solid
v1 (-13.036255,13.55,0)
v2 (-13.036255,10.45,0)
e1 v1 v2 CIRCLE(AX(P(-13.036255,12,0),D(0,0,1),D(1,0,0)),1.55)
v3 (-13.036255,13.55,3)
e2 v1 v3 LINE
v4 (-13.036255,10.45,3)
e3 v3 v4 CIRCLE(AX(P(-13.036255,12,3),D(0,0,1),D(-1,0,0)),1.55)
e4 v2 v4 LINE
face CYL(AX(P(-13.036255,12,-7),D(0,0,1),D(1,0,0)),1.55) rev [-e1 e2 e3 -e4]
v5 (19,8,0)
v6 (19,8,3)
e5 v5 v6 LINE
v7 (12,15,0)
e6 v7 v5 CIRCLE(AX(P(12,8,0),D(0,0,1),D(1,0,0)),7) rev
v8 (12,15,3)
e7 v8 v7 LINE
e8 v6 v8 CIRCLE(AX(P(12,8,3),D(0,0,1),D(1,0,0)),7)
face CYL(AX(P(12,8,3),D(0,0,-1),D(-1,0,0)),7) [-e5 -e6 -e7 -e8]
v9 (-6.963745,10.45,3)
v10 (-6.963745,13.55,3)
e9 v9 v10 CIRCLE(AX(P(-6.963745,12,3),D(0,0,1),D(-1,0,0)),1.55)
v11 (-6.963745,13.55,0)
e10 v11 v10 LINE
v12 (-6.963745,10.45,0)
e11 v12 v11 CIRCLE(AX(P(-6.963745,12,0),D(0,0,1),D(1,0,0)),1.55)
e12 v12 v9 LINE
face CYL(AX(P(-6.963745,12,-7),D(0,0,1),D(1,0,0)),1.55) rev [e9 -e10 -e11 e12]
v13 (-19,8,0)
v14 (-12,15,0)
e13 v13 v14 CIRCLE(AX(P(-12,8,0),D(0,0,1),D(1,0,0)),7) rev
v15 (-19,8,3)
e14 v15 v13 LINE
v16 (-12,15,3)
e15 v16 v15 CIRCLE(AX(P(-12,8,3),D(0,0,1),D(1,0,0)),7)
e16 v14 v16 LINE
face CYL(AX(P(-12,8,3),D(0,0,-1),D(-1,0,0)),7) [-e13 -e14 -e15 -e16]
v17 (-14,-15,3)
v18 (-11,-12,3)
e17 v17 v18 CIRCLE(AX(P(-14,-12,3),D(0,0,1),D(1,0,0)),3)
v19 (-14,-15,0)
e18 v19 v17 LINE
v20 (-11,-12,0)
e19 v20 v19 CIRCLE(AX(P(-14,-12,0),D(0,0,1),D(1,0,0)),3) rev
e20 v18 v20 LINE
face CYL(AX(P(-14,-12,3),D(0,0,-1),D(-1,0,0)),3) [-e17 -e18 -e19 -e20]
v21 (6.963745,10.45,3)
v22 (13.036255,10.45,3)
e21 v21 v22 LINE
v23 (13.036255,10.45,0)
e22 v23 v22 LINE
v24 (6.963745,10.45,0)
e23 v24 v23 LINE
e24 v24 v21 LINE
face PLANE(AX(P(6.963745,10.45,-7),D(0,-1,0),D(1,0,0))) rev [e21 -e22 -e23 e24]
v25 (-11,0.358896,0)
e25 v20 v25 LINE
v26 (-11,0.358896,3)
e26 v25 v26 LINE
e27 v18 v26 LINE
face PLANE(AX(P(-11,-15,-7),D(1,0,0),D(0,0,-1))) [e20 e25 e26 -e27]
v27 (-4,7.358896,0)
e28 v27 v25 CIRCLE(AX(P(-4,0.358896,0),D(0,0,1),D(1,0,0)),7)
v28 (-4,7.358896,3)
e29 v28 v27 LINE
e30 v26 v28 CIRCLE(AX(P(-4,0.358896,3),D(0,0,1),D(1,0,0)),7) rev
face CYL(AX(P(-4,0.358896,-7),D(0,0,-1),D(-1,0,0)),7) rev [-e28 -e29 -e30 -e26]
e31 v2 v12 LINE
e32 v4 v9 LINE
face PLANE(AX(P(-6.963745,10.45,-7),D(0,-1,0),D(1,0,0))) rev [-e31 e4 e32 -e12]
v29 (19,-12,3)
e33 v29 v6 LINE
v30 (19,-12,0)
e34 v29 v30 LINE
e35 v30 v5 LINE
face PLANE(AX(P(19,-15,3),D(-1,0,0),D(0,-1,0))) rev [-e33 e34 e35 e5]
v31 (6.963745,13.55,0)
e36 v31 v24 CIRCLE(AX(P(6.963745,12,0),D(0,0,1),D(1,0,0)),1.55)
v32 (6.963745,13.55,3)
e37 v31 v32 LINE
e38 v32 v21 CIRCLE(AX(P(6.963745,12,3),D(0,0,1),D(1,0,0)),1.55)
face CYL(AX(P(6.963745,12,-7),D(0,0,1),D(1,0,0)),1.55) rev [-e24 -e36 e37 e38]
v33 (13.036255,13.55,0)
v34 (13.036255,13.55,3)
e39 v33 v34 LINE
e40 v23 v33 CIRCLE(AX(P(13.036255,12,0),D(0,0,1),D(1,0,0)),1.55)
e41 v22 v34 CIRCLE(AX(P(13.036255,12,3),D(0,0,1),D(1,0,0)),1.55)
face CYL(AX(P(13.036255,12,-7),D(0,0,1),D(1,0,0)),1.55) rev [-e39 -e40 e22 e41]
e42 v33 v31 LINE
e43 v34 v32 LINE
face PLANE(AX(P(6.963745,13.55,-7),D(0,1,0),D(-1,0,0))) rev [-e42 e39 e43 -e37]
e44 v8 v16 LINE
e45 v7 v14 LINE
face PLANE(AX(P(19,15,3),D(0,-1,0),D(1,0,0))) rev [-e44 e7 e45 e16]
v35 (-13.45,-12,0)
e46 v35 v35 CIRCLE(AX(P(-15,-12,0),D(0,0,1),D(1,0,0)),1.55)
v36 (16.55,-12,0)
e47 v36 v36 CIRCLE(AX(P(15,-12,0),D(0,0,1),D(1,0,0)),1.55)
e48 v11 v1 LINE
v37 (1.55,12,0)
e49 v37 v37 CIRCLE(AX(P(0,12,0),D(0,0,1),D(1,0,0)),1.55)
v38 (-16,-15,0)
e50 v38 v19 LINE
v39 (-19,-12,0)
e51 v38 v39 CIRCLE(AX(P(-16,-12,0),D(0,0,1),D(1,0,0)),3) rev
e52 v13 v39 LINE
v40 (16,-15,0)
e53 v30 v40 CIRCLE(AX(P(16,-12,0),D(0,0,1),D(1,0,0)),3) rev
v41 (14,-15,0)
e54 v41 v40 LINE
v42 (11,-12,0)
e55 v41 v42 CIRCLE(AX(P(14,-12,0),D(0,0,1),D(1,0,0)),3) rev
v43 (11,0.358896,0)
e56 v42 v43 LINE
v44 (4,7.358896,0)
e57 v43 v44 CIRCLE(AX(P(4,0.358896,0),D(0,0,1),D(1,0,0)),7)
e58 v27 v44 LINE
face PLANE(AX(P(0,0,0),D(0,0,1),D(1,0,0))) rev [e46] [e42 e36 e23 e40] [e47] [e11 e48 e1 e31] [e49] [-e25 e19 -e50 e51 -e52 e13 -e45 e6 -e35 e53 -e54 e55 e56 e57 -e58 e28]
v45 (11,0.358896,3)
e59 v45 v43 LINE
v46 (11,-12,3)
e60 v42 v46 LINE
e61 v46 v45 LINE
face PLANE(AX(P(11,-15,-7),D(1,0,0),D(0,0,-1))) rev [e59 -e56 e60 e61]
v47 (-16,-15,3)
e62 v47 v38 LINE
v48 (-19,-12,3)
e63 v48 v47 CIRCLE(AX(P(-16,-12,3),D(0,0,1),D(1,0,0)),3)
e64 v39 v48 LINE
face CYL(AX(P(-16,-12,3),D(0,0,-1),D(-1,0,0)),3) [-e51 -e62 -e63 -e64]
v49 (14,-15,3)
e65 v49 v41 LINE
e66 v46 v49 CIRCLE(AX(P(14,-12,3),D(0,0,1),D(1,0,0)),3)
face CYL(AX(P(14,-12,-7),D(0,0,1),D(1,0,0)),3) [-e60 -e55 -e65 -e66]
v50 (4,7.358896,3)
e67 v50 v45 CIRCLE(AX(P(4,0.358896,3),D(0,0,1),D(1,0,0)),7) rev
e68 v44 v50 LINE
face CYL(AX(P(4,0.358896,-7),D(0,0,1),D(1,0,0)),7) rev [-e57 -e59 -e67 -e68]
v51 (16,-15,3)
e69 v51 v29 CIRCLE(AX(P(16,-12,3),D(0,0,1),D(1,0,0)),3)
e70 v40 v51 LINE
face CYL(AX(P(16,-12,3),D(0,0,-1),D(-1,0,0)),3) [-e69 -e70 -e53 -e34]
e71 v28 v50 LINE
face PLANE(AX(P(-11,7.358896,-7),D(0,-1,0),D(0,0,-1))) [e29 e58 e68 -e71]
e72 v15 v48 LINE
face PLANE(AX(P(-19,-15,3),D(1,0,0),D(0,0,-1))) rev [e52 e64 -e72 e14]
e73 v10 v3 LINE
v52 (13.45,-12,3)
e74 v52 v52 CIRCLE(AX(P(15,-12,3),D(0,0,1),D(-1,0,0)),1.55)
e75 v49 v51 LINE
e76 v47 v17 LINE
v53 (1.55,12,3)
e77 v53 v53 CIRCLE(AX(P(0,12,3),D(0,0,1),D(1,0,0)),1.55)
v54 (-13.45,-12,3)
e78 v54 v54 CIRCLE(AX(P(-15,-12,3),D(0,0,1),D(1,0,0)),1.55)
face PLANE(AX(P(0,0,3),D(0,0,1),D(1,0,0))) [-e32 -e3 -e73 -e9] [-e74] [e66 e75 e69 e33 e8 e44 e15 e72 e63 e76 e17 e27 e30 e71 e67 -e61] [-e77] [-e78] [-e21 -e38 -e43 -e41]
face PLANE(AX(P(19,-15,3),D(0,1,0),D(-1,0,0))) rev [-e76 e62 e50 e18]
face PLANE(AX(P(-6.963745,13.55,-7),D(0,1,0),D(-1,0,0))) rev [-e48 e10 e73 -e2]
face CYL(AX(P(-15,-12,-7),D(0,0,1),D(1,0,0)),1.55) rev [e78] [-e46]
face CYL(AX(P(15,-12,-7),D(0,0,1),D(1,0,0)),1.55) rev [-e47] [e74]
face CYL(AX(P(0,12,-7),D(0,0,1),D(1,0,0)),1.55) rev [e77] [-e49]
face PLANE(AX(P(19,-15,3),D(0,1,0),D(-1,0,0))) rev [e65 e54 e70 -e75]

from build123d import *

# Parameters (mm, degrees)
SKETCH_1_W          = 38
SKETCH_1_H          = 30
EXTRUDE_1_DEPTH     = 3
SKETCH_2_R          = 1.55
CUT_EXTRUDE_1_DEPTH = 10
SKETCH_3_W          = 22
SKETCH_3_H          = 22.358896132
CUT_EXTRUDE_2_DEPTH = 10
FILLET_1_R          = 7
FILLET_2_R          = 7
FILLET_3_R          = 3


with BuildPart() as part:
    # 草图1 → 凸台-拉伸1 (new body)
    with BuildSketch(Plane.XY):
        Rectangle(SKETCH_1_W, SKETCH_1_H)
    extrude(amount=EXTRUDE_1_DEPTH)

    # 草图2 → 切除-拉伸1 (cut)
    with BuildSketch(Plane.XY.offset(3)):
        with Locations((0, 12)):
            Circle(SKETCH_2_R)
        with Locations((-15, -12)):
            Circle(SKETCH_2_R)
        with Locations((15, -12)):
            Circle(SKETCH_2_R)
        with BuildLine():
            Line((6.963744532, 13.55), (13.036255468, 13.55))
            ThreePointArc((13.036255468, 13.55), (14.586255468, 12), (13.036255468, 10.45))
            Line((13.036255468, 10.45), (6.963744532, 10.45))
            ThreePointArc((6.963744532, 10.45), (5.413744532, 12), (6.963744532, 13.55))
        make_face()
        with BuildLine():
            Line((-6.963744532, 13.55), (-13.036255468, 13.55))
            ThreePointArc((-13.036255468, 13.55), (-14.586255468, 12), (-13.036255468, 10.45))
            Line((-13.036255468, 10.45), (-6.963744532, 10.45))
            ThreePointArc((-6.963744532, 10.45), (-5.413744532, 12), (-6.963744532, 13.55))
        make_face()
    extrude(amount=-CUT_EXTRUDE_1_DEPTH, mode=Mode.SUBTRACT)

    # 草图3 → 切除-拉伸2 (cut)
    with BuildSketch(Plane.XY.offset(3)):
        with Locations((0, -3.820551934)):
            Rectangle(SKETCH_3_W, SKETCH_3_H)
    extrude(amount=-CUT_EXTRUDE_2_DEPTH, mode=Mode.SUBTRACT)

    # 圆角1
    fillet_1_edges = [part.edges().sort_by_distance(p)[0] for p in [
        (-19, 15, 1.5),
        (19, 15, 1.5),
    ]]
    fillet(fillet_1_edges, radius=FILLET_1_R)

    # 圆角2
    fillet_2_edges = [part.edges().sort_by_distance(p)[0] for p in [
        (11, 7.358896132, 1.5),
        (-11, 7.358896132, 1.5),
    ]]
    fillet(fillet_2_edges, radius=FILLET_2_R)

    # 圆角3
    fillet_3_edges = [part.edges().sort_by_distance(p)[0] for p in [
        (11, -15, 1.5),
        (-11, -15, 1.5),
        (19, -15, 1.5),
        (-19, -15, 1.5),
    ]]
    fillet(fillet_3_edges, radius=FILLET_3_R)


solid = part.part
